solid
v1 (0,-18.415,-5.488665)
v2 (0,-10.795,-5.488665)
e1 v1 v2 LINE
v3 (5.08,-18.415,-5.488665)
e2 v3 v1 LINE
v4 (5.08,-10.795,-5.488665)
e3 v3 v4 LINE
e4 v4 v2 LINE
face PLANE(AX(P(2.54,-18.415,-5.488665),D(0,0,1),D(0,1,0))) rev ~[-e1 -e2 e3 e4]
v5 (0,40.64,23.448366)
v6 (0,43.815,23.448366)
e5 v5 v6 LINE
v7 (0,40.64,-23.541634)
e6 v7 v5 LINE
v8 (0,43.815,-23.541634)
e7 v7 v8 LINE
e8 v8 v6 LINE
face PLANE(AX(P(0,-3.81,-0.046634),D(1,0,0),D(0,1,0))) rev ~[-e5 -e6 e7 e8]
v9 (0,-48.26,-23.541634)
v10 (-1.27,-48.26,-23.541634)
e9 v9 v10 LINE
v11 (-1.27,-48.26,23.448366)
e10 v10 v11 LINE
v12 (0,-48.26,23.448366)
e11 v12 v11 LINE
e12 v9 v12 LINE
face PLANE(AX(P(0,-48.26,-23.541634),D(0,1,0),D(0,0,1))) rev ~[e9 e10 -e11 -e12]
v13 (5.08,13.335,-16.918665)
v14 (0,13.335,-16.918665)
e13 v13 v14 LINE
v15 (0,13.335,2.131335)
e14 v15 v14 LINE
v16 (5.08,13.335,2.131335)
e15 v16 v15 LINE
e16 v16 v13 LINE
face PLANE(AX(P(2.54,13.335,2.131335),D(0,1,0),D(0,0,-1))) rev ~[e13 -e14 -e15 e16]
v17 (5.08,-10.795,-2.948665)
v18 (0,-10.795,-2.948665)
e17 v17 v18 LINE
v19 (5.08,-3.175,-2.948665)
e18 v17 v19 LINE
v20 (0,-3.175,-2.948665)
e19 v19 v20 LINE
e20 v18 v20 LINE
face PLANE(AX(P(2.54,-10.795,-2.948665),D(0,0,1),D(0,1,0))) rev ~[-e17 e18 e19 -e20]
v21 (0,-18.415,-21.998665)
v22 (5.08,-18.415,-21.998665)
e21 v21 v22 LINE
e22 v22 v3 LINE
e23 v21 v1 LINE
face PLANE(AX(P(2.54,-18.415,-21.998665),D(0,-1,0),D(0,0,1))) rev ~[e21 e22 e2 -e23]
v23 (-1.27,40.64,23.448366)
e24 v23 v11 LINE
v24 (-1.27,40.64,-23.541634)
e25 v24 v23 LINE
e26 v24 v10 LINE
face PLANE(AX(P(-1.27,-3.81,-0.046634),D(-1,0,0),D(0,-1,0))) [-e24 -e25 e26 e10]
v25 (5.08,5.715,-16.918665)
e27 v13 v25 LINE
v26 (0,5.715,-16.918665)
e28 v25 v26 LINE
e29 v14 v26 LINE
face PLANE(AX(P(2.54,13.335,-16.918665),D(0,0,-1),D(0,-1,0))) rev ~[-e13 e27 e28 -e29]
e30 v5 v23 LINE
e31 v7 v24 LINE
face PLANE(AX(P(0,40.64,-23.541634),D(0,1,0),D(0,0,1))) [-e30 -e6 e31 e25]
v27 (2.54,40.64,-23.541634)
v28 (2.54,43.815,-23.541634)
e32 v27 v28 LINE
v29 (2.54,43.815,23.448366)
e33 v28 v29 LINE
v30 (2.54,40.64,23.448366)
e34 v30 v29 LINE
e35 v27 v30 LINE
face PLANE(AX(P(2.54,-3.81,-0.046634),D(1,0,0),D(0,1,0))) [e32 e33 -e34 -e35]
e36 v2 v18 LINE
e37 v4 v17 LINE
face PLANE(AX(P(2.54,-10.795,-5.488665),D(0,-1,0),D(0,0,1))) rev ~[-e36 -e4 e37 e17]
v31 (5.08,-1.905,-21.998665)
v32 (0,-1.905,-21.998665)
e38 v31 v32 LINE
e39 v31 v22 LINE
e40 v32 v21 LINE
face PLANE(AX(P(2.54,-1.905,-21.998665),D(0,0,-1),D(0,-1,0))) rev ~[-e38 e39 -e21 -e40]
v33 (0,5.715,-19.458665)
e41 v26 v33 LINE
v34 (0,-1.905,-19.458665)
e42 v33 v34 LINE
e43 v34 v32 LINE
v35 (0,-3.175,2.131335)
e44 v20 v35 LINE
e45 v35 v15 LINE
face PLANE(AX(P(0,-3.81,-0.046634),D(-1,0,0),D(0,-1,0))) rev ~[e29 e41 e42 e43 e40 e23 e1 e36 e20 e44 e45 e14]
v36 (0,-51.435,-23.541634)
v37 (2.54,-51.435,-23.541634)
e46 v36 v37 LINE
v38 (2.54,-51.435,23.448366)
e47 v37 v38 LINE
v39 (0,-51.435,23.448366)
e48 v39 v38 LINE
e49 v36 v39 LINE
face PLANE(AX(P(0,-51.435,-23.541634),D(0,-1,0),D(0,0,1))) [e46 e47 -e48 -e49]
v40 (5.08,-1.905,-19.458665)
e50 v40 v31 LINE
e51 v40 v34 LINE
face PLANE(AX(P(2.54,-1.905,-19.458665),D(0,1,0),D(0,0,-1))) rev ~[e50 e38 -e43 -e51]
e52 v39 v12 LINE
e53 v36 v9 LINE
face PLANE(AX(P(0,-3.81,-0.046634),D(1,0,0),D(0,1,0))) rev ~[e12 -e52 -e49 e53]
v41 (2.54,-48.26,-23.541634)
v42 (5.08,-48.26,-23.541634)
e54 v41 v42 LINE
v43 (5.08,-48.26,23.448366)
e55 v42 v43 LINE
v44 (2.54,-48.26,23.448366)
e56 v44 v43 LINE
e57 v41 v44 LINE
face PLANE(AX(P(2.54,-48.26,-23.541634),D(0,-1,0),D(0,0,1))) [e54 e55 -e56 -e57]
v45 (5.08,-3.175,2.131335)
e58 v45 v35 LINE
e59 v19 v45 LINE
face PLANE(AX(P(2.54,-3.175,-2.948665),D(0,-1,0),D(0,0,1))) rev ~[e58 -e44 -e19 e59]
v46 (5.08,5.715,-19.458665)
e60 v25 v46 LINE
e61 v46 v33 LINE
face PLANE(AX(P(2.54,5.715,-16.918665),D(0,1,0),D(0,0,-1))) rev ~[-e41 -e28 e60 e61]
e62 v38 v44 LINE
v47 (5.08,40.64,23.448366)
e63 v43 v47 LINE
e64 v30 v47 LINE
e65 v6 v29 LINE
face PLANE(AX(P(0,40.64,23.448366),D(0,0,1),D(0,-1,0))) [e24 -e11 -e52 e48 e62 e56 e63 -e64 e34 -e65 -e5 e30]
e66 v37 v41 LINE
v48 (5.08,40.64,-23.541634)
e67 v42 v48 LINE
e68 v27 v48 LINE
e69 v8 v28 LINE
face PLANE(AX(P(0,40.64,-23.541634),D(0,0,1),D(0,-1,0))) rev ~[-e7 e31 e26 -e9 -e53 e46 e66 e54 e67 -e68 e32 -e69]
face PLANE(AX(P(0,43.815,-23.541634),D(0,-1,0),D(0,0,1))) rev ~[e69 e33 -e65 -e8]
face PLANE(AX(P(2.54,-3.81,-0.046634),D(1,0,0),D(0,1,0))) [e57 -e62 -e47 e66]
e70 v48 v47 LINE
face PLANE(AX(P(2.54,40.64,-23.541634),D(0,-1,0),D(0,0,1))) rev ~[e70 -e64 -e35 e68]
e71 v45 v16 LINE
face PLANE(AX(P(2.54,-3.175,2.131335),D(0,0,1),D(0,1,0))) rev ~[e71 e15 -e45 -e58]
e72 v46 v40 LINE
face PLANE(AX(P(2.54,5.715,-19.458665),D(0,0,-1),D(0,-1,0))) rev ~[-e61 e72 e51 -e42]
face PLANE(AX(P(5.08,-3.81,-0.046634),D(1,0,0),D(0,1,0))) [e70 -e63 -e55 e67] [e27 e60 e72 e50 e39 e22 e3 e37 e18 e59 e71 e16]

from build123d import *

# Parameters (mm, degrees)
F0_W     = 95.25
F0_H     = 46.99
F1_DEPTH = 2.54
F2_W     = 88.9
F2_H     = 46.99
F3_DEPTH = 2.54
F4_W     = 88.9
F4_H     = 46.99
F5_DEPTH = 1.27


with BuildPart() as f1:
    # F0 (on Right) → F1 (new body)
    with BuildSketch(Plane.YZ):
        with Locations((-3.81, -0.0466339131)):
            Rectangle(F0_W, F0_H)
        Polygon((-3.175, -2.9486645812), (-3.175, 2.1313354188), (13.335, 2.1313354188), (13.335, -16.9186645812), (5.715, -16.9186645812), (5.715, -19.4586645812), (-1.905, -19.4586645812), (-1.905, -21.9986645812), (-18.415, -21.9986645812), (-18.415, -5.4886645812), (-10.795, -5.4886645812), (-10.795, -2.9486645812), align=None, mode=Mode.SUBTRACT)
    extrude(amount=F1_DEPTH)

    # F2 (on face) → F3 (join)
    with BuildSketch(Plane.YZ.offset(2.54)):
        with Locations((-3.81, -0.0466339131)):
            Rectangle(F2_W, F2_H)
        Polygon((-18.415, -21.9986645812), (-18.415, -5.4886645812), (-10.795, -5.4886645812), (-10.795, -2.9486645812), (-3.175, -2.9486645812), (-3.175, 2.1313354188), (13.335, 2.1313354188), (13.335, -16.9186645812), (5.715, -16.9186645812), (5.715, -19.4586645812), (-1.905, -19.4586645812), (-1.905, -21.9986645812), align=None, mode=Mode.SUBTRACT)
    extrude(amount=F3_DEPTH)

    # F4 (on face) → F5 (join)
    with BuildSketch(Plane(origin=(0, 0, 0), x_dir=(0, -1, 0), z_dir=(-1, 0, 0))):
        with Locations((3.81, -0.0466339131)):
            Rectangle(F4_W, F4_H)
        Polygon((10.795, -2.9486645812), (10.795, -5.4886645812), (18.415, -5.4886645812), (18.415, -21.9986645812), (1.905, -21.9986645812), (1.905, -19.4586645812), (-5.715, -19.4586645812), (-5.715, -16.9186645812), (-13.335, -16.9186645812), (-13.335, 2.1313354188), (3.175, 2.1313354188), (3.175, -2.9486645812), align=None, mode=Mode.SUBTRACT)
        Polygon((18.415, -5.4886645812), (10.795, -5.4886645812), (10.795, -2.9486645812), (3.175, -2.9486645812), (3.175, 2.1313354188), (-13.335, 2.1313354188), (-13.335, -16.9186645812), (-5.715, -16.9186645812), (-5.715, -19.4586645812), (1.905, -19.4586645812), (1.905, -21.9986645812), (18.415, -21.9986645812), align=None)
    extrude(amount=F5_DEPTH)


solid = f1.part
